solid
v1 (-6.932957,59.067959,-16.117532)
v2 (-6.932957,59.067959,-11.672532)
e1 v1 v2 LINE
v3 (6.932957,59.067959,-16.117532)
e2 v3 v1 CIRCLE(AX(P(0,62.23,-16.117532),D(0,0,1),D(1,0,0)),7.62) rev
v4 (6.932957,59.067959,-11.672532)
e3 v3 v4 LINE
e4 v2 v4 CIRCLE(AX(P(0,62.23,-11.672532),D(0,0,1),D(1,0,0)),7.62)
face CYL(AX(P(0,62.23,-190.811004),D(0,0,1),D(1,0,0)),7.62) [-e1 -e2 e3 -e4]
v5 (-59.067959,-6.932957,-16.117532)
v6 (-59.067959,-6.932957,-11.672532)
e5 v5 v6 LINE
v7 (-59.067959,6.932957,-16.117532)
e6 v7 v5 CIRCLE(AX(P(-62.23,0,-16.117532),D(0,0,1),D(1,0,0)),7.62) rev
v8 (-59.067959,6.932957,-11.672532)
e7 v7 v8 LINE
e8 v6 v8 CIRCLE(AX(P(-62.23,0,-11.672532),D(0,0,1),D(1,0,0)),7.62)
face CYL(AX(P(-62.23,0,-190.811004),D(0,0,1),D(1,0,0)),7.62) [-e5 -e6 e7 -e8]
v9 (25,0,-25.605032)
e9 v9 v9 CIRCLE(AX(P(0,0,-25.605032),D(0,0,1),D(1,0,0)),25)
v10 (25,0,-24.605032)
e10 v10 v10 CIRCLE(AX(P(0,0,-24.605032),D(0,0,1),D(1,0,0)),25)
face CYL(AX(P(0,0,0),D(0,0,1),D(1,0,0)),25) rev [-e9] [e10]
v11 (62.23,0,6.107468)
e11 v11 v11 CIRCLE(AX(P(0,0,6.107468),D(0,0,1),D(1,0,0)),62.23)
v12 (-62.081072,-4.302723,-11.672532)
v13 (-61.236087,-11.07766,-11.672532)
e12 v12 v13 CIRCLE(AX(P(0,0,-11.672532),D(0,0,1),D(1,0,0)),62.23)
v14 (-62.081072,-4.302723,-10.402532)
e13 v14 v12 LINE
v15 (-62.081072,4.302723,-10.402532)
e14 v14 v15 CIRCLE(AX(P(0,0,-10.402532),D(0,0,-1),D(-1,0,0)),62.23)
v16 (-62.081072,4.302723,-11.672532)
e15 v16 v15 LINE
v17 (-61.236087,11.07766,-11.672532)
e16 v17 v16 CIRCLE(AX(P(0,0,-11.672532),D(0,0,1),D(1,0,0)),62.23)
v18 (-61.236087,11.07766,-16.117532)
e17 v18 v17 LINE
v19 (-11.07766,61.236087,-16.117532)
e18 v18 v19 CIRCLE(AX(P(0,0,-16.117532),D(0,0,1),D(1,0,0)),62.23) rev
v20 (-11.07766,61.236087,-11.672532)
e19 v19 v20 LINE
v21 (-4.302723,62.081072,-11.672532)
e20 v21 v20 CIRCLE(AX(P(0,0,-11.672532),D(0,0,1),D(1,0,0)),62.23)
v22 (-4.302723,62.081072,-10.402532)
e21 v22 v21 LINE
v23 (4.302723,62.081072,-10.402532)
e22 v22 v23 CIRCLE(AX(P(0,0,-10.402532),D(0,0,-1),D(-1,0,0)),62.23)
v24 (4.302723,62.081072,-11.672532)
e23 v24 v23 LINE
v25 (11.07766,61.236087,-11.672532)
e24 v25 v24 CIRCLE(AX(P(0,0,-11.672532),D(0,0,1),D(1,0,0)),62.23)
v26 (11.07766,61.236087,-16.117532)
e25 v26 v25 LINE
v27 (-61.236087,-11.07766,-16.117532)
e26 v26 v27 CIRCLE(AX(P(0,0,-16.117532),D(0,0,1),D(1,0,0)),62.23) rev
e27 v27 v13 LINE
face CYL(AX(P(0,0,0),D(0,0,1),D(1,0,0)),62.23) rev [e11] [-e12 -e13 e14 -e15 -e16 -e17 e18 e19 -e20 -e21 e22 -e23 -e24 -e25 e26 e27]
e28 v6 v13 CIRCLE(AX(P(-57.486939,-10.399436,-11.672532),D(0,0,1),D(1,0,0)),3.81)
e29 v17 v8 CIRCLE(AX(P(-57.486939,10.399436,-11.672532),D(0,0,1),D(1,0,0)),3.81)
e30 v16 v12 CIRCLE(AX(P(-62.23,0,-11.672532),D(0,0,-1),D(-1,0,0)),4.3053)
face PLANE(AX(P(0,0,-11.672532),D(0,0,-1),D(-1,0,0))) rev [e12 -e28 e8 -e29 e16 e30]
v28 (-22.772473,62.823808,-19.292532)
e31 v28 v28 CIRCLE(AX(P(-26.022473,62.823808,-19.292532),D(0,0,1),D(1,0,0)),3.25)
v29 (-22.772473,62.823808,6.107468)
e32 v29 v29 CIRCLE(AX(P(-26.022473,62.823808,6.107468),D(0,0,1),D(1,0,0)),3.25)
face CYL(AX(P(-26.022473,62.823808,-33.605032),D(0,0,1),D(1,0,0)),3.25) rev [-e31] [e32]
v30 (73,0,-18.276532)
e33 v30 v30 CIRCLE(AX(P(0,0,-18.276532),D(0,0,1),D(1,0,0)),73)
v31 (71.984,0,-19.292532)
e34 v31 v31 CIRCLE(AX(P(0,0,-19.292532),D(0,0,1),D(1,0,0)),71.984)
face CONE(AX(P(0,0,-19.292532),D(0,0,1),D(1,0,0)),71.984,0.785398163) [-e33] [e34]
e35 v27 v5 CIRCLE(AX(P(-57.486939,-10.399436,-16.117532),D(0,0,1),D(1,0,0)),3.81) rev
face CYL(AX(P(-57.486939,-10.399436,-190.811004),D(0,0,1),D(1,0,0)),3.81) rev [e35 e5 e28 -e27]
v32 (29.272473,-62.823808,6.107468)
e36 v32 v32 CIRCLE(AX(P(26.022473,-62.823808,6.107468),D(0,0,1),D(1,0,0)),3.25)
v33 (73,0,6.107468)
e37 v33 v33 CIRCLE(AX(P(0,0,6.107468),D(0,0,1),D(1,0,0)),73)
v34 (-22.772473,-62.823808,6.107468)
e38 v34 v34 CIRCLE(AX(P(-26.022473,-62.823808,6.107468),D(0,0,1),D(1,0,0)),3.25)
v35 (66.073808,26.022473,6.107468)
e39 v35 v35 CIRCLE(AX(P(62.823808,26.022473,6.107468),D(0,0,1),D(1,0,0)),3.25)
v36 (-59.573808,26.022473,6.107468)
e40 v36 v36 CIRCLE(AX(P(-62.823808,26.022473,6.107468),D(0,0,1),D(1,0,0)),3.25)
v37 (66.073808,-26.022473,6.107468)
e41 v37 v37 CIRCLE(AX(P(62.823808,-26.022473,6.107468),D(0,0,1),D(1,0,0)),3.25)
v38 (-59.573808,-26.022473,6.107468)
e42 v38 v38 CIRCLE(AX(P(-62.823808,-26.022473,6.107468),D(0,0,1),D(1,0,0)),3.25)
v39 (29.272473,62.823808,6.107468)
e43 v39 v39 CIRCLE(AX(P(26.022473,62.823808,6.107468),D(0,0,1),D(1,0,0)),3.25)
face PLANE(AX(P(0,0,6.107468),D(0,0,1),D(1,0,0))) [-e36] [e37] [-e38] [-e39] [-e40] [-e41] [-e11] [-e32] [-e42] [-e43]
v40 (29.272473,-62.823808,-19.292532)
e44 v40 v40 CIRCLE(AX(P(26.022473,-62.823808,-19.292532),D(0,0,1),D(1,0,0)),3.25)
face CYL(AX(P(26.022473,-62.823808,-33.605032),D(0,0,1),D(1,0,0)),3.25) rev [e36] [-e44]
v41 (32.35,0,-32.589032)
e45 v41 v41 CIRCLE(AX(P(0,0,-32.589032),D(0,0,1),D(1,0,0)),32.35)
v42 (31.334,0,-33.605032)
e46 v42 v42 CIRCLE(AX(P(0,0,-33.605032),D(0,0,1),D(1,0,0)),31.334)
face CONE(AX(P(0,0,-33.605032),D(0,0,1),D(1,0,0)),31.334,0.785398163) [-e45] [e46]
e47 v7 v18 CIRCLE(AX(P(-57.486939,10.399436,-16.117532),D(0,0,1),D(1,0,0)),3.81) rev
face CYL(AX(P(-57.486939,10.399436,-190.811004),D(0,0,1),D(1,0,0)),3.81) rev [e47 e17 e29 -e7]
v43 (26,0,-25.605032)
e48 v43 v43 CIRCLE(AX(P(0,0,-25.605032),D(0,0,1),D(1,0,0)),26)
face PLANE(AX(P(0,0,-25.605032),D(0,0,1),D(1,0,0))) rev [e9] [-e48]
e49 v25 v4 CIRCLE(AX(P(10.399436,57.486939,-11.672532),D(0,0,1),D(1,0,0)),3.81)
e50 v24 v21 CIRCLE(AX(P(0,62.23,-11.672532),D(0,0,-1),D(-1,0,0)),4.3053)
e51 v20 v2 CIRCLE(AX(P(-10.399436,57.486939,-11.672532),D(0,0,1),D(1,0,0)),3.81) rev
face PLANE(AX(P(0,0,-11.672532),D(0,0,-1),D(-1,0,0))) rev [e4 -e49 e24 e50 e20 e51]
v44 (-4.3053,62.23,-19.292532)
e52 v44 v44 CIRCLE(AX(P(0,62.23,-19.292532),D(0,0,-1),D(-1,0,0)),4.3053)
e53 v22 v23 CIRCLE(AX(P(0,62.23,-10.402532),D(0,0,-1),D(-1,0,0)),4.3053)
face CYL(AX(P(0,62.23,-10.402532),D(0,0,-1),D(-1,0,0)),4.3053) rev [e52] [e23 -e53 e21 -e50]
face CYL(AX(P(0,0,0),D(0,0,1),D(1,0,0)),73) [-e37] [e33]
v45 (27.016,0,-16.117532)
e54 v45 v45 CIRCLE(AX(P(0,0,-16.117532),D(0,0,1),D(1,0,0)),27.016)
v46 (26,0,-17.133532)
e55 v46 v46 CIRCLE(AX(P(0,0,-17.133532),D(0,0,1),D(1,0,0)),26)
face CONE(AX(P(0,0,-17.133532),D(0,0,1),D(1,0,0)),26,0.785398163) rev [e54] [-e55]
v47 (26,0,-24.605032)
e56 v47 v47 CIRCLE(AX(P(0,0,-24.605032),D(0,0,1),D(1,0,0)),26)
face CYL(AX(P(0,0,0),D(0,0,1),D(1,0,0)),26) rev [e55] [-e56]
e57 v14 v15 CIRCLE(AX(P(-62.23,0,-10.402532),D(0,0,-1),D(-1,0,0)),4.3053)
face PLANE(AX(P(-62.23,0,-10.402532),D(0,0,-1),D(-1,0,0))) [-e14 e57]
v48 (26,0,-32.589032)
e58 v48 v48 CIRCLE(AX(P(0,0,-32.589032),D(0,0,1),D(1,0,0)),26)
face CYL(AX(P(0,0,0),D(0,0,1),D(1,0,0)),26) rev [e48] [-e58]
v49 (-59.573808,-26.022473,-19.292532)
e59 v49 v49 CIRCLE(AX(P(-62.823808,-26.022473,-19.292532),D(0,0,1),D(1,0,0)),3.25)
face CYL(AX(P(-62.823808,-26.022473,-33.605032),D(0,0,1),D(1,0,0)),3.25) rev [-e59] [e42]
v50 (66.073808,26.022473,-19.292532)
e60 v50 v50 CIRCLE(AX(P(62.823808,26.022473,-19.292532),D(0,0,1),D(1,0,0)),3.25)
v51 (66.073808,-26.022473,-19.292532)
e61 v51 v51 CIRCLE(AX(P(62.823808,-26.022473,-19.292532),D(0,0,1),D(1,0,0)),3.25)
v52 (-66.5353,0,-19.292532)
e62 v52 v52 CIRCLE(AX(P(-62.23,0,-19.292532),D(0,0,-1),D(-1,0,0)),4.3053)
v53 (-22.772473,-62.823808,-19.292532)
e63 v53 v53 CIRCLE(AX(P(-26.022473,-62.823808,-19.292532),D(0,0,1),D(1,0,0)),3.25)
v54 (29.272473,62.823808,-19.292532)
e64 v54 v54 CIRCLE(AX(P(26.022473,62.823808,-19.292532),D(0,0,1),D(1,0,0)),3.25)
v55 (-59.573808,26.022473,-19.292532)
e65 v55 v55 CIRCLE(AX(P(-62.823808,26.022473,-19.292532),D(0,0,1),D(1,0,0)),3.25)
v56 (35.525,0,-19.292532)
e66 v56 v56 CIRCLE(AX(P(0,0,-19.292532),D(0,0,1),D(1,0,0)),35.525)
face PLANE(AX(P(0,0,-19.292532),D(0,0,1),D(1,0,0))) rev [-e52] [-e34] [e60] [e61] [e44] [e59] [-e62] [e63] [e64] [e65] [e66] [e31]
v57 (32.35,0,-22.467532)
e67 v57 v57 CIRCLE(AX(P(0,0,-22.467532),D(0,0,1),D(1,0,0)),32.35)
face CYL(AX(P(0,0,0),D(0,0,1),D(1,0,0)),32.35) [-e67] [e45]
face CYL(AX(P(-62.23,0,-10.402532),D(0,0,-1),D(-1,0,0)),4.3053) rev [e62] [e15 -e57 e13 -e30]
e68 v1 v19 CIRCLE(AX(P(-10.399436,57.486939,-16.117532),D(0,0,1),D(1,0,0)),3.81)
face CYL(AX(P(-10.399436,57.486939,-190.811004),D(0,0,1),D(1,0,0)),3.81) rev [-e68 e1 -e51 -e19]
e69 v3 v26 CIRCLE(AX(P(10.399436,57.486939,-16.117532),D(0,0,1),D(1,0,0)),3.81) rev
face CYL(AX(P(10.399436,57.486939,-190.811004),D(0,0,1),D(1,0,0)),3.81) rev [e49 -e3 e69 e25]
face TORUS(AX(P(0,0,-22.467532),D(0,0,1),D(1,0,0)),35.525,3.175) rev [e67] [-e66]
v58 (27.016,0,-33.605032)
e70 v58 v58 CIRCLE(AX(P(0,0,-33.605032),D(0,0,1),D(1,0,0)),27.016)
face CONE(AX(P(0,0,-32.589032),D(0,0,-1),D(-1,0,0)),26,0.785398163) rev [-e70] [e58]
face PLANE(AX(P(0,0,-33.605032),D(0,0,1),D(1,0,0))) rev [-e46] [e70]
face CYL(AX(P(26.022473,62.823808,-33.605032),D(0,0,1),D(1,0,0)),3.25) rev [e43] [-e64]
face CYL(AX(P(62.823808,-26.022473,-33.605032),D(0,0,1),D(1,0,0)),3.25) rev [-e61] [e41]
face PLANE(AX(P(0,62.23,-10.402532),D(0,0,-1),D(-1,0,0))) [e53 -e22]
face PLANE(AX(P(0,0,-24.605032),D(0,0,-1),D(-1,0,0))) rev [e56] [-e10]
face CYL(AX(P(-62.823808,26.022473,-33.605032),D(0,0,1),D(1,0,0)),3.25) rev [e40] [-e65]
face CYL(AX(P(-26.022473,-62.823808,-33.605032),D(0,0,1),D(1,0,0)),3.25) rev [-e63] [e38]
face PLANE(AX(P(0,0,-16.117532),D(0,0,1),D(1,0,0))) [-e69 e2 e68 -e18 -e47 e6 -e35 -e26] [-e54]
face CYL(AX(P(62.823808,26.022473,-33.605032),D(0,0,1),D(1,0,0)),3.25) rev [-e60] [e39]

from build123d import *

# Parameters (mm, degrees)
SKETCH2_W               = 4.445
SKETCH2_H               = 7.62
PLANETARY_PLATE_R       = 3.25
CUT_EXTRUDE2_DEPTH      = 7.107467815
CUT_EXTRUDE2_DEPTH_BACK = 34.605032185
SKETCH3_R               = 4.3053
CUT_EXTRUDE3_DEPTH      = 8.89
CUT_EXTRUDE4_DEPTH      = 4.445


with BuildPart() as part:
    # Sketch2 → Revolve1 (revolve)
    with BuildSketch(Plane(origin=(0, 0, 0), x_dir=(0, 0, -1), z_dir=(1, 0, 0))):
        with BuildLine():
            Line((18.276532185, 73), (-6.107467815, 73))
            Line((-6.107467815, 73), (-6.107467815, 62.23))
            Line((-6.107467815, 62.23), (11.672532185, 62.23))
            Line((11.672532185, 62.23), (16.117532185, 62.23))
            Line((16.117532185, 62.23), (16.117532185, 54.61))
            Line((16.117532185, 54.61), (16.117532185, 27.016))
            Line((16.117532185, 27.016), (17.133532185, 26))
            Line((17.133532185, 26), (24.605032185, 26))
            Line((24.605032185, 26), (24.605032185, 25))
            Line((24.605032185, 25), (25.605032185, 25))
            Line((25.605032185, 25), (25.605032185, 26))
            Line((25.605032185, 26), (32.589032185, 26))
            Line((32.589032185, 26), (33.605032185, 27.016))
            Line((33.605032185, 27.016), (33.605032185, 31.334))
            Line((33.605032185, 31.334), (32.589032185, 32.35))
            Line((32.589032185, 32.35), (22.467532185, 32.35))
            ThreePointArc((22.467532185, 32.35), (20.222468154, 33.27993597), (19.292532185, 35.525))
            Line((19.292532185, 35.525), (19.292532185, 71.984))
            Line((19.292532185, 71.984), (18.276532185, 73))
        make_face()
        with Locations((13.895032185, 58.42)):
            Rectangle(SKETCH2_W, SKETCH2_H)
    revolve(axis=Axis((0, 0, 0), (0, 0, -1)))

    # Planetary Plate → Cut-Extrude2 (cut, two sides)
    with BuildSketch(Plane.XY) as cut_extrude2_sk:
        with Locations((26.022473401, 62.823808211)):
            Circle(PLANETARY_PLATE_R)
        with Locations((62.823808211, 26.022473401)):
            Circle(PLANETARY_PLATE_R)
        with Locations((62.823808211, -26.022473401)):
            Circle(PLANETARY_PLATE_R)
        with Locations((26.022473401, -62.823808211)):
            Circle(PLANETARY_PLATE_R)
        with Locations((-26.022473401, -62.823808211)):
            Circle(PLANETARY_PLATE_R)
        with Locations((-62.823808211, -26.022473401)):
            Circle(PLANETARY_PLATE_R)
        with Locations((-62.823808211, 26.022473401)):
            Circle(PLANETARY_PLATE_R)
        with Locations((-26.022473401, 62.823808211)):
            Circle(PLANETARY_PLATE_R)
    extrude(amount=CUT_EXTRUDE2_DEPTH, mode=Mode.SUBTRACT)
    extrude(cut_extrude2_sk.sketch, amount=-CUT_EXTRUDE2_DEPTH_BACK, mode=Mode.SUBTRACT)

    # Sketch3 → Cut-Extrude3 (cut)
    with BuildSketch(Plane(origin=(0, 0, -19.292532185), x_dir=(-1, 0, 0), z_dir=(0, 0, -1))):
        with Locations((0, 62.23)):
            Circle(SKETCH3_R)
        with Locations((62.23, 0)):
            Circle(SKETCH3_R)
    extrude(amount=-CUT_EXTRUDE3_DEPTH, mode=Mode.SUBTRACT)

    # Sketch5 → Cut-Extrude4 (cut)
    with BuildSketch(Plane.XY.offset(-11.672532185)):
        with BuildLine():
            ThreePointArc((-6.932957369, 59.067959184), (-8.633427721, 60.862929677), (-11.077660143, 61.236086957))
            ThreePointArc((-11.077660143, 61.236086957), (-44.003254993, 44.003254993), (-61.236086957, 11.077660143))
            ThreePointArc((-61.236086957, 11.077660143), (-60.862929677, 8.633427721), (-59.067959184, 6.932957369))
            ThreePointArc((-59.067959184, 6.932957369), (-55.820664951, 4.121264882), (-54.61, -7.6e-08))
            ThreePointArc((-54.61, -7.6e-08), (-38.615101322, 38.61510132), (7.3e-08, 54.61))
            ThreePointArc((7.3e-08, 54.61), (-4.121264883, 55.820664952), (-6.932957369, 59.067959184))
        make_face()
        with BuildLine():
            ThreePointArc((6.932957369, 59.067959184), (4.121264944, 55.820664991), (7.3e-08, 54.61))
            ThreePointArc((7.3e-08, 54.61), (38.615101322, -38.61510132), (-54.61, -7.6e-08))
            ThreePointArc((-54.61, -7.6e-08), (-55.820664992, -4.121264946), (-59.067959184, -6.932957369))
            ThreePointArc((-59.067959184, -6.932957369), (-60.862929677, -8.633427721), (-61.236086957, -11.077660143))
            ThreePointArc((-61.236086957, -11.077660143), (44.003254993, -44.003254993), (11.077660143, 61.236086957))
            ThreePointArc((11.077660143, 61.236086957), (8.633427721, 60.862929677), (6.932957369, 59.067959184))
        make_face()
    extrude(amount=-CUT_EXTRUDE4_DEPTH, mode=Mode.SUBTRACT)


solid = part.part
